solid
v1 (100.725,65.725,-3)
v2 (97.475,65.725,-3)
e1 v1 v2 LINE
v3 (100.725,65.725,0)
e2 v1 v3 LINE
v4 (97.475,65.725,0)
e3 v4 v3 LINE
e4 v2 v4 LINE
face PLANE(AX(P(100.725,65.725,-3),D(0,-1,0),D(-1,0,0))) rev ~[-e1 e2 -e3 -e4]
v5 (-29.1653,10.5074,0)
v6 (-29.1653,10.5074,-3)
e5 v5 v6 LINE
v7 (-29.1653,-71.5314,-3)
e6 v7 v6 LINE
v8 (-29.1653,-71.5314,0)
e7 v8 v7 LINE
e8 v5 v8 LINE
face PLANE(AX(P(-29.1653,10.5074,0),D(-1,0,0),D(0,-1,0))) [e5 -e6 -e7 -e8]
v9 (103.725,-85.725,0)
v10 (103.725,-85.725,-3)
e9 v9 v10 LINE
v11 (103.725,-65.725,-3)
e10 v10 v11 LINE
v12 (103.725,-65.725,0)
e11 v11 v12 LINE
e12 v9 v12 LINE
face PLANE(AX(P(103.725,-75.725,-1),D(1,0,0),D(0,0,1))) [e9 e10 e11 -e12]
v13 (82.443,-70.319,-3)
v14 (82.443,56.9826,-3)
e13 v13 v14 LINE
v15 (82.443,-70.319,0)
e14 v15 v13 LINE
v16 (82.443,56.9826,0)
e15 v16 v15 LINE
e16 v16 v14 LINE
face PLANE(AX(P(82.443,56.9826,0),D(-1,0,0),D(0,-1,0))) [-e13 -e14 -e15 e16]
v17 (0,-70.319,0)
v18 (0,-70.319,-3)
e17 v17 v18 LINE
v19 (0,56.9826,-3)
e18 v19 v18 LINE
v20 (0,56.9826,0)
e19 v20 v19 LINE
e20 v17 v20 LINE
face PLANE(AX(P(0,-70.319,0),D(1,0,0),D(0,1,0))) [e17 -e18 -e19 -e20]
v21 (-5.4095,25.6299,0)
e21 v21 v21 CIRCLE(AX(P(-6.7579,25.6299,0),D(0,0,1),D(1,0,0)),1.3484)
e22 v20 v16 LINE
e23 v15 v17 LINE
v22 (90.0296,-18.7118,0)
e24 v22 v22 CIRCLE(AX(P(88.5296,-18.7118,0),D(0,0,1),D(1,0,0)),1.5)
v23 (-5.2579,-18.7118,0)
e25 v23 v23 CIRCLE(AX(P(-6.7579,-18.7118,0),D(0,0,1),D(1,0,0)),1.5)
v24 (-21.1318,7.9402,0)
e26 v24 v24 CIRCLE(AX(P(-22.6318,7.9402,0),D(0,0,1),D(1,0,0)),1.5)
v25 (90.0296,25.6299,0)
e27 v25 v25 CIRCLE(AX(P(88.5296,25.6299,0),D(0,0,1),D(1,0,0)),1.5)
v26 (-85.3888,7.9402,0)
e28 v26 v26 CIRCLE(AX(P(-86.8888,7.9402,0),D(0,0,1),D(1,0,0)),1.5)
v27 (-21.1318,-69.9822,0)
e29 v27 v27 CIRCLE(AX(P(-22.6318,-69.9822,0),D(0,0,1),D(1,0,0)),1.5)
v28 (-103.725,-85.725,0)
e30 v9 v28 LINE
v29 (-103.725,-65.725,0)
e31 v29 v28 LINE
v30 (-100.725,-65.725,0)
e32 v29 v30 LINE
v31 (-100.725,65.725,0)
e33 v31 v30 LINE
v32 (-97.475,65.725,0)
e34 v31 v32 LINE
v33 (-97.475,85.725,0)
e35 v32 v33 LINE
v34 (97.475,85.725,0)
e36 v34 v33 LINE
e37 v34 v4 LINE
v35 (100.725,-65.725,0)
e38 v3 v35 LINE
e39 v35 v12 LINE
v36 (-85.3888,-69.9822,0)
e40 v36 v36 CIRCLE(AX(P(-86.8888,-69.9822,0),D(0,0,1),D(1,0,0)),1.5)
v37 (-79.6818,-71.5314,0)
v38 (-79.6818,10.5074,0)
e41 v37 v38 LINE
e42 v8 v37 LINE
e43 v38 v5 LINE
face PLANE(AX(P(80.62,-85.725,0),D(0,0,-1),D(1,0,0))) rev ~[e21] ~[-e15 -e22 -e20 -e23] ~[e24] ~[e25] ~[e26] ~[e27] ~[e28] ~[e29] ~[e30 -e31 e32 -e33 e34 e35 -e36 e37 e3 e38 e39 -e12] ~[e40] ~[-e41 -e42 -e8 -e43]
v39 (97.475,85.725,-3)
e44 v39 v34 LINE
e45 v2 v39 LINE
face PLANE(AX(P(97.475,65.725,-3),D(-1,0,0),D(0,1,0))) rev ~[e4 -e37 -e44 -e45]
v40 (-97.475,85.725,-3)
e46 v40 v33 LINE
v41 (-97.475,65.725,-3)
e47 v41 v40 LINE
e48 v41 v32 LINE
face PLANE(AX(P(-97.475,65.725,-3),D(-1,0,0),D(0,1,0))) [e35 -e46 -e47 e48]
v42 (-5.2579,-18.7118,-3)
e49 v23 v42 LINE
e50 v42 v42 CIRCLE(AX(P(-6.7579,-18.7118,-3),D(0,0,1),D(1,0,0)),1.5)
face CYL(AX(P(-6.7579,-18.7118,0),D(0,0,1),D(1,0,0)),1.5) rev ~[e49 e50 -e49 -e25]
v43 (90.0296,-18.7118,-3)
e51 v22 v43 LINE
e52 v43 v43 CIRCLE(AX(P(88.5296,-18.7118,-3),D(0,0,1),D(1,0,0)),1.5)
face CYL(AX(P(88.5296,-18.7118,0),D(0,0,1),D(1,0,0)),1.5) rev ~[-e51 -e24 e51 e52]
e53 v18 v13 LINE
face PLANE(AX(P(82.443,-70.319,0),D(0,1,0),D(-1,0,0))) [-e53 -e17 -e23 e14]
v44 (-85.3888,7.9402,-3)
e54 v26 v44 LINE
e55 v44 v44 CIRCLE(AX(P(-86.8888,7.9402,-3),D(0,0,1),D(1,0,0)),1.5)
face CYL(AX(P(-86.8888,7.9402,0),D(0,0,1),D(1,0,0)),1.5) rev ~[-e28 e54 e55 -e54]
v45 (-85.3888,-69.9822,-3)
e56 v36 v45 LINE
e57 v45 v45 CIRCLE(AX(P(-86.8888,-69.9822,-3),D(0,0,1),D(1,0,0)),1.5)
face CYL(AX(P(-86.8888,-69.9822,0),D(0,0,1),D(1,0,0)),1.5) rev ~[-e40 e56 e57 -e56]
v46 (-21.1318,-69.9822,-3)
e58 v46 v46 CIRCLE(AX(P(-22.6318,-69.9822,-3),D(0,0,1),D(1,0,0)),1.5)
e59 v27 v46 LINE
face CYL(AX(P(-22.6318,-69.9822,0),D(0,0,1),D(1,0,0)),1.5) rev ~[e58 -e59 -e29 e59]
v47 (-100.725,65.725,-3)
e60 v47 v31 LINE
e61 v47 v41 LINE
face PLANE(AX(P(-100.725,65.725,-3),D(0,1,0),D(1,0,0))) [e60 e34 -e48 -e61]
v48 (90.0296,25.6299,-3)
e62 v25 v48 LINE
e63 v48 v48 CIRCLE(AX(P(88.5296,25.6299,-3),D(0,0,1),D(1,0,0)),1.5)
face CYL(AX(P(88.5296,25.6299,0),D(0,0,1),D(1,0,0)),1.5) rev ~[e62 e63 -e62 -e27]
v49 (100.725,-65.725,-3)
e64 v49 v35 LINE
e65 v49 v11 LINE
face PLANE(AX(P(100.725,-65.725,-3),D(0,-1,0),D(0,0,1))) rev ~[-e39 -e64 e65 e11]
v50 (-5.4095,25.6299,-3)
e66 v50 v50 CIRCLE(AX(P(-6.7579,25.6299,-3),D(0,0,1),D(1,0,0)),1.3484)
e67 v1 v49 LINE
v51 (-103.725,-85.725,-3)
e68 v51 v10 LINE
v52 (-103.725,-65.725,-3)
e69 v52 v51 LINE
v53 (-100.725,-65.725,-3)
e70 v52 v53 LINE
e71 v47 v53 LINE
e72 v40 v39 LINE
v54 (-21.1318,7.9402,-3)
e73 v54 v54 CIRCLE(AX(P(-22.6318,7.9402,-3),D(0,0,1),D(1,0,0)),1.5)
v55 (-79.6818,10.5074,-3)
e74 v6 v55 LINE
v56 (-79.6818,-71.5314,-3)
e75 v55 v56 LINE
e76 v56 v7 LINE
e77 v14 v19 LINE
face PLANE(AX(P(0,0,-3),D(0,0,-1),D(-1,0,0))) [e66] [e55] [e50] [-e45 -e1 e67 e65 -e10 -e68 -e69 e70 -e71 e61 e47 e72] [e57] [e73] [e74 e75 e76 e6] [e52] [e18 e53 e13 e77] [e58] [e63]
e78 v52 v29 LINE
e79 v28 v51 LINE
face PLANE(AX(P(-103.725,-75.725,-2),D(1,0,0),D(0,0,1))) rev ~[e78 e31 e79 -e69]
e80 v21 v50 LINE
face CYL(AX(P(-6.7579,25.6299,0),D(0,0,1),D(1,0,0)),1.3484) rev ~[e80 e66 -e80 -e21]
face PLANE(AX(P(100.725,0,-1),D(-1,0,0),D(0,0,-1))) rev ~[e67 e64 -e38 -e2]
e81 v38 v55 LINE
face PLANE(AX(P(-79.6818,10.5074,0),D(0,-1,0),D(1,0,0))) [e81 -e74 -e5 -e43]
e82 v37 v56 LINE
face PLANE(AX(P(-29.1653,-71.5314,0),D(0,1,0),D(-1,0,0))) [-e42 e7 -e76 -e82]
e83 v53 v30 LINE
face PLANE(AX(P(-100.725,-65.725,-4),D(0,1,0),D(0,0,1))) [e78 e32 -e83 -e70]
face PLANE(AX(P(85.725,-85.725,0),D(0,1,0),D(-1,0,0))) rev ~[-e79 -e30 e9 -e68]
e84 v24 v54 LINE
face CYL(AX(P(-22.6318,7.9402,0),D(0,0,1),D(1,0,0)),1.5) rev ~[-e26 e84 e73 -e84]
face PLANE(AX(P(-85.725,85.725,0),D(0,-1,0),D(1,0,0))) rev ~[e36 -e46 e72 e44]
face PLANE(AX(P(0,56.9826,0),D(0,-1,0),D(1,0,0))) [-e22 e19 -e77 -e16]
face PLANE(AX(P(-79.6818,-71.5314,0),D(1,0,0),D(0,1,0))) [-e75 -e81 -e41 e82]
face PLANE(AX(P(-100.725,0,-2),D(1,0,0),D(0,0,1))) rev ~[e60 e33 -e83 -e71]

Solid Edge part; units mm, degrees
sketch "Sketch1" plane through (0, 0, 0) normal (0, 0, -1) x (-1, 0, 0)
  line L0 (-85.725, -85.725) -> (85.725, -85.725)
  line L1 (85.725, -85.725) -> (85.725, 85.725)
  line L2 (85.725, 85.725) -> (-85.725, 85.725)
  line L3 (-85.725, 85.725) -> (-85.725, -85.725)
  dimension "D1" = 171.45
  dimension "D2" = 171.45
extrude "ExtrudedProtrusion_18" add sketch "Sketch1" along normal blind 3
sketch "Sketch2" plane through (-85.725, 77.9118, -2) normal (-1, 0, 0) x (0, -1, 0)
  line L0 (-7.8132, 2) -> (163.6368, 2)
  line L1 (163.6368, 2) -> (163.6368, -2)
  line L2 (163.6368, -2) -> (-7.8132, -2)
  line L3 (-7.8132, -2) -> (-7.8132, 2)
  dimension "D1" = 171.45
  dimension "D2" = 4
extrude "Protrusion1" add sketch "Sketch2" along normal blind 15
sketch "Sketch3" plane through (85.725, -66.89, -2) normal (1, 0, 0) x (0, -1, 0)
  line L0 (-152.615, 1) -> (18.835, 1)
  line L1 (18.835, 1) -> (18.835, -3)
  line L2 (18.835, -3) -> (-152.615, -3)
  line L3 (-152.615, -3) -> (-152.615, 1)
  dimension "D1" = 171.45
  dimension "D2" = 4
extrude "Protrusion2" add sketch "Sketch3" along normal blind 15
sketch "Sketch4" plane through (0, 0, -3) normal (0, 0, -1) x (0, 1, 0)
  line L0 (85.725, 100.725) -> (65.725, 100.725)
  line L1 (65.725, 100.725) -> (65.725, 97.475)
  line L2 (65.725, 97.475) -> (85.725, 97.475)
  line L3 (85.725, 97.475) -> (85.725, 100.725)
  line L4 (85.725, -100.725) -> (65.725, -100.725)
  line L5 (65.725, -100.725) -> (65.725, -97.475)
  line L6 (65.725, -97.475) -> (85.725, -97.475)
  line L7 (85.725, -97.475) -> (85.725, -100.725)
  dimension "D1" = 20
  dimension "D2" = 3.25
extrude "Cutout1" cut sketch "Sketch4" against normal blind 20
sketch "Sketch5" plane through (100.725, -10, 6) normal (1, 0, 0) x (0, -1, 0)
  line L0 (75.725, 9) -> (55.725, 9)
  line L1 (55.725, 9) -> (55.725, 5)
  line L2 (55.725, 5) -> (75.725, 5)
  line L3 (75.725, 5) -> (75.725, 9)
  dimension "D1" = 20
  dimension "D2" = 4
extrude "ExtrudedProtrusion_23" add sketch "Sketch5" along normal mid plane 6
sketch "Sketch6" plane through (-100.725, -10, 6) normal (-1, 0, 0) x (0, 1, 0)
  line L0 (-75.725, 10) -> (-55.725, 10)
  line L1 (-55.725, 10) -> (-55.725, 6)
  line L2 (-55.725, 6) -> (-75.725, 6)
  line L3 (-75.725, 6) -> (-75.725, 10)
  dimension "D1" = 20
  dimension "D2" = 4
extrude "ExtrudedProtrusion_24" add sketch "Sketch6" along normal mid plane 6
sketch "Sketch7" plane through (0, 0, 0) normal (0, 0, 1) x (1, 0, 0)
  circle A0 centre (-86.8888, -69.9822) radius 1.5
  circle A1 centre (-22.6318, -69.9822) radius 1.5
  line L0 (-79.6818, 10.5074) -> (-29.1653, 10.5074)
  line L1 (-29.1653, 10.5074) -> (-29.1653, -71.5314)
  line L2 (-29.1653, -71.5314) -> (-79.6818, -71.5314)
  line L3 (-79.6818, -71.5314) -> (-79.6818, 10.5074)
  circle A2 centre (-6.7579, 25.6299) radius 1.3484
  circle A3 centre (88.5296, 25.6299) radius 1.5
  circle A4 centre (88.5296, -18.7118) radius 1.5
  circle A5 centre (-6.7579, -18.7118) radius 1.5
  circle A6 centre (-86.8888, 7.9402) radius 1.5
  circle A7 centre (-22.6318, 7.9402) radius 1.5
  line L4 (0, 56.9826) -> (82.443, 56.9826)
  line L5 (82.443, 56.9826) -> (82.443, -70.319)
  line L6 (82.443, -70.319) -> (0, -70.319)
  line L7 (0, -70.319) -> (0, 56.9826)
  dimension "D1" = 3
  dimension "D2" = 3
  dimension "D3" = 50.5165
  dimension "D4" = 82.0388
  dimension "D5" = 2.6968
  dimension "D6" = 3
  dimension "D7" = 3
  dimension "D8" = 3
  dimension "D9" = 3
  dimension "D10" = 3
  dimension "D11" = 82.443
  dimension "D12" = 127.3016
extrude "Cutout2" cut sketch "Sketch7" against normal blind 45
sketch "Sketch8" plane through (0, -85.725, -1.5) normal (0, -1, 0) x (1, 0, 0)
  line L0 (-74.682, -1.5) -> (-132.0067, -1.5)
  line L1 (-132.0067, -1.5) -> (-132.0067, -6.1664)
  line L2 (-132.0067, -6.1664) -> (-74.682, -6.1664)
  line L3 (-74.682, -6.1664) -> (-74.682, -1.5)
  line L4 (80.62, 1.5) -> (132.4635, 1.5)
  line L5 (132.4635, 1.5) -> (132.4635, 12.3328)
  line L6 (132.4635, 12.3328) -> (80.62, 12.3328)
  line L7 (80.62, 12.3328) -> (80.62, 1.5)
  dimension "D1" = 57.3247
  dimension "D2" = 4.6664
  dimension "D3" = 51.8435
  dimension "D4" = 10.8328
extrude "Cutout3" cut sketch "Sketch8" against normal blind 250
